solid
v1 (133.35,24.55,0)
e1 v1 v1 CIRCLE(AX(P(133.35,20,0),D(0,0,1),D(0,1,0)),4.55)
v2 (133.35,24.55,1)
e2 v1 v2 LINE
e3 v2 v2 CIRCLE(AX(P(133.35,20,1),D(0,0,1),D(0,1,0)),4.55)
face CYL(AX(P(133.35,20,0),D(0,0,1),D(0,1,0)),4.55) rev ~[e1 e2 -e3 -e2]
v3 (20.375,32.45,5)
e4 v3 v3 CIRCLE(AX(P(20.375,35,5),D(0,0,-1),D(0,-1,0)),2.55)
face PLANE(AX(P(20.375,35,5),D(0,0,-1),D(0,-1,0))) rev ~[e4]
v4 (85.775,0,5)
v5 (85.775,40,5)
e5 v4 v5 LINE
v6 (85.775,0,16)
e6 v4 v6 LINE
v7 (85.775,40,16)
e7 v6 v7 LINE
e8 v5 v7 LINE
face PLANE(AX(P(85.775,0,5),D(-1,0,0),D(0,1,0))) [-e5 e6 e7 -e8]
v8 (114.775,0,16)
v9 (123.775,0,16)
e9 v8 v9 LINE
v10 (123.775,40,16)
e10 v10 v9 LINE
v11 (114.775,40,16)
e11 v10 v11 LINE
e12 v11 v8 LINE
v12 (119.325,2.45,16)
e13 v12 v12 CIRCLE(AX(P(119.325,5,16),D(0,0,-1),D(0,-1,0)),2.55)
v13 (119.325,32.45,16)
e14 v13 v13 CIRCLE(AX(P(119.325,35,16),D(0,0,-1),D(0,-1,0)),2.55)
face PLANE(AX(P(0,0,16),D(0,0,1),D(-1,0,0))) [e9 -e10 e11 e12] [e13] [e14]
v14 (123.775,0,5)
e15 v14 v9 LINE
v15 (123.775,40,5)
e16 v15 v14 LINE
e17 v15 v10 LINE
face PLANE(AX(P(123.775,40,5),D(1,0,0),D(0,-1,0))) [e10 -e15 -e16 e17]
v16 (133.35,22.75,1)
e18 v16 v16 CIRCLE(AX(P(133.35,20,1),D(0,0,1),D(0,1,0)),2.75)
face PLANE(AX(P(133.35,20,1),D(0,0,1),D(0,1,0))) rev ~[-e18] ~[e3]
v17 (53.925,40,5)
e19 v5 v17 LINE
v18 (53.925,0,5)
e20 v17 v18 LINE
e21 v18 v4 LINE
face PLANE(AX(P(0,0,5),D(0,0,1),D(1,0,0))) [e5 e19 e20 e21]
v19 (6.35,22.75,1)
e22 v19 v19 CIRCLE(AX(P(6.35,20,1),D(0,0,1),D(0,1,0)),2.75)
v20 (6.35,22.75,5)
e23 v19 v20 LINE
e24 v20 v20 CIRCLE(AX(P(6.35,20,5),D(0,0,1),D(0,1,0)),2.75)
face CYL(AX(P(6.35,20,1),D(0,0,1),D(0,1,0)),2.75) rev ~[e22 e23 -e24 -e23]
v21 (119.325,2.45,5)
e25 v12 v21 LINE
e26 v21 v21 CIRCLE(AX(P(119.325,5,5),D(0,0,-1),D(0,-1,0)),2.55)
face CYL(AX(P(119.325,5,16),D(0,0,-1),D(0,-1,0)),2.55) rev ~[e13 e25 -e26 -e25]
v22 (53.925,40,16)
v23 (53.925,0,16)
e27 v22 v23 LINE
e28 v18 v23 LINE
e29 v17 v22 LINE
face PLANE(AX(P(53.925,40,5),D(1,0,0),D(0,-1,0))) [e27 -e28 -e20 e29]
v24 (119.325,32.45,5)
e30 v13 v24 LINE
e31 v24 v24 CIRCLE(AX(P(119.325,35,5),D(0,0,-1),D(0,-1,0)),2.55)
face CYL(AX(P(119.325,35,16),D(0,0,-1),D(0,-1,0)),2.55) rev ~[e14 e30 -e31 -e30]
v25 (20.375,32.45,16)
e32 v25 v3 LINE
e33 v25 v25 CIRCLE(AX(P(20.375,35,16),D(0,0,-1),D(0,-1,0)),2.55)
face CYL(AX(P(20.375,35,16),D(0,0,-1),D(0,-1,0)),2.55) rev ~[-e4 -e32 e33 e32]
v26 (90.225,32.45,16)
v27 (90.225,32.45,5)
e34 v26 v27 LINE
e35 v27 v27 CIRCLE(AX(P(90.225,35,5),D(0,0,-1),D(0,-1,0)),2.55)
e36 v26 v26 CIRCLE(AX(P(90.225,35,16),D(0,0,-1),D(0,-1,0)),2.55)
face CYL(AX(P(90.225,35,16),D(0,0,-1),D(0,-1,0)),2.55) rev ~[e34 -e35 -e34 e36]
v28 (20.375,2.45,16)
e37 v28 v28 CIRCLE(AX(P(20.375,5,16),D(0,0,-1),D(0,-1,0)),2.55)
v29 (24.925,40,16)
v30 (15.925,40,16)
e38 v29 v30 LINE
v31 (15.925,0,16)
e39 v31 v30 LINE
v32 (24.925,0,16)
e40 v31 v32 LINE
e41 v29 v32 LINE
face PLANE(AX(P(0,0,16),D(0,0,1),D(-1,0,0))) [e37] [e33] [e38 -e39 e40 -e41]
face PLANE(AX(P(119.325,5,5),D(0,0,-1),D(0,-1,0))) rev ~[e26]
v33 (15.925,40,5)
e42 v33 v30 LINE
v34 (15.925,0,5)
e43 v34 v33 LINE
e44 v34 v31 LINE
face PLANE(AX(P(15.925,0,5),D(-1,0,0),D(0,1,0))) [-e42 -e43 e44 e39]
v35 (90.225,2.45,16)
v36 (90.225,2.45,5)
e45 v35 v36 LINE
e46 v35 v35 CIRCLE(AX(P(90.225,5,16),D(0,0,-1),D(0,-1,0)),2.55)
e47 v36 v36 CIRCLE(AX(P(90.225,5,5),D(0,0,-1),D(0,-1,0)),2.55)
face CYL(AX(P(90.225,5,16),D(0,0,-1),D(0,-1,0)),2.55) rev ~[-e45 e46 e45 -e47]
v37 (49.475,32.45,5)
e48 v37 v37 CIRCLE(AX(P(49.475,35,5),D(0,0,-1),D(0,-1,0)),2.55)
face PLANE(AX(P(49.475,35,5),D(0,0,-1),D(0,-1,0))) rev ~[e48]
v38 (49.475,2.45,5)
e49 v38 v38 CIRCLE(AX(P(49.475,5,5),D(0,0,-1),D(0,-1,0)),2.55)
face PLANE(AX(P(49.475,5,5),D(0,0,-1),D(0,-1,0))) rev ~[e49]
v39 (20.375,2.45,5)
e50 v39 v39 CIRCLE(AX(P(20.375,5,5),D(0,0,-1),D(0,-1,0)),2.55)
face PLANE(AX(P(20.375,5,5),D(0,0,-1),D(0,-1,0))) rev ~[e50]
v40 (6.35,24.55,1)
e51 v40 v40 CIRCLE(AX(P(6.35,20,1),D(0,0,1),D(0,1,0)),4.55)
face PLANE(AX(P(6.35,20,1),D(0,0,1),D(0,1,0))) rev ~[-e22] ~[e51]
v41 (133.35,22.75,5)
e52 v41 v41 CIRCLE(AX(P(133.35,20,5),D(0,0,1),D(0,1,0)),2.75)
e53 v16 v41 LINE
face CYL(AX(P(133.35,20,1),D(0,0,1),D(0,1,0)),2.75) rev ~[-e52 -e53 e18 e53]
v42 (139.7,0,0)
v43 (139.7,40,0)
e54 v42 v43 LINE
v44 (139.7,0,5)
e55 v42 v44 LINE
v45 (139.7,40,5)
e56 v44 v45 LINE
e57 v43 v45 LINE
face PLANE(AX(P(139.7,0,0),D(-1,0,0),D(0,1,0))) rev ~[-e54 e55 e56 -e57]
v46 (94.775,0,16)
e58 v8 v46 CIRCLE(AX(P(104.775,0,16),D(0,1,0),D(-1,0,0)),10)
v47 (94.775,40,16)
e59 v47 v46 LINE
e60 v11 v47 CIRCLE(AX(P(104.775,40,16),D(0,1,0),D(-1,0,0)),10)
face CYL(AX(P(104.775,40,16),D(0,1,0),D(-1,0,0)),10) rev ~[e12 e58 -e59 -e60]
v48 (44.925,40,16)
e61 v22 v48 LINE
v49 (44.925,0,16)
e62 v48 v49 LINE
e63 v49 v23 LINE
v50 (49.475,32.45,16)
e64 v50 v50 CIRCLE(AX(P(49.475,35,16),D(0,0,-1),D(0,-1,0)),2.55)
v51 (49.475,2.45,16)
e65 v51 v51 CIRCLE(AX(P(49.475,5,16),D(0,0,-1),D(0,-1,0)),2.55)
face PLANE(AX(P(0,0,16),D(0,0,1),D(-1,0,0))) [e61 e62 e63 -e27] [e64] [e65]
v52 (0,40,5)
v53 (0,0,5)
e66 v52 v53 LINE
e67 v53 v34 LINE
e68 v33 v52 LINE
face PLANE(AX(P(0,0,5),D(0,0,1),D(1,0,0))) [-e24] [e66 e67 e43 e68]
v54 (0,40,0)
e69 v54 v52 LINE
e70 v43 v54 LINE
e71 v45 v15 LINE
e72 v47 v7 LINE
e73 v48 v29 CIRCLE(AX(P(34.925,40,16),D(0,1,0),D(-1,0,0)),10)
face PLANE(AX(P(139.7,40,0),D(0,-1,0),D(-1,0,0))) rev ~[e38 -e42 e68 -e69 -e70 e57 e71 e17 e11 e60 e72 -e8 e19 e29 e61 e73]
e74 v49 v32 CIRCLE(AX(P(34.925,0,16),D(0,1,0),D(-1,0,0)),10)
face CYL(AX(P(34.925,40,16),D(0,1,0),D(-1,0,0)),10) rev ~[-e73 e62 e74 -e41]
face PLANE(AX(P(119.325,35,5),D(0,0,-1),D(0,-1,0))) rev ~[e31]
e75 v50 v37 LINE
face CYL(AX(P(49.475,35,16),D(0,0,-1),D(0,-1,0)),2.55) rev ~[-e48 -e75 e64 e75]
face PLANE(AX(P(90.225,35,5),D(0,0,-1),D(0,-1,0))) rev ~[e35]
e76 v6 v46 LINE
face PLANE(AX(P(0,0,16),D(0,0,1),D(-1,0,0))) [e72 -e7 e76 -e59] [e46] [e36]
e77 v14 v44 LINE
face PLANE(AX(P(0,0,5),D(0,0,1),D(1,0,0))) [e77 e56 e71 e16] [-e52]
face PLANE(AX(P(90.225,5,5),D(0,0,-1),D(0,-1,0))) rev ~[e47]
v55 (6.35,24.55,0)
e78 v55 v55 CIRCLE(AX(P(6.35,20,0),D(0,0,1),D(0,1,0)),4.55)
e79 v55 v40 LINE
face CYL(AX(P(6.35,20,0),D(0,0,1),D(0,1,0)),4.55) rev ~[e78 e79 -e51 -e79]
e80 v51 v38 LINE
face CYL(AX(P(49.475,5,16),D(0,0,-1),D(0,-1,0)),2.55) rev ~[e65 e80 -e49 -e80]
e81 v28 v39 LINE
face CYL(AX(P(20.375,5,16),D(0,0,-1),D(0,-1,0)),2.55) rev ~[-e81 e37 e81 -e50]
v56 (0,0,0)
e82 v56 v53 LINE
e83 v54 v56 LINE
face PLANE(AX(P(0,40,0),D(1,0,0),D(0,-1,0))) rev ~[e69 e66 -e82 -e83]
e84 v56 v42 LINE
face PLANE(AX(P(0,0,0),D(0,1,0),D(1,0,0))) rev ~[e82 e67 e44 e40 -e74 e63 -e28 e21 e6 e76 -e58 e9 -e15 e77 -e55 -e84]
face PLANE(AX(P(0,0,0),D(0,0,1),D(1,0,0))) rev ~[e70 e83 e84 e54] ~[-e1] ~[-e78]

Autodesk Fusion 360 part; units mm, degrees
sketch "Sketch1" plane through (0, 0, 0) normal (0, 0, 1) x (1, 0, 0)
  line L0 (0, 0) -> (139.7, 0)
  line L1 (139.7, 0) -> (139.7, 40)
  line L2 (139.7, 40) -> (0, 40)
  line L3 (0, 40) -> (0, 0)
  dimension "d1" = 139.7
  dimension "d2" = 40
extrude "Extrude1" add sketch "Sketch1" along normal blind 5
sketch "Sketch2" plane through (0, 0, 0) normal (0, 0, 1) x (1, 0, 0)
  point P0 (6.35, 20)
  point P1 (133.35, 20)
hole "Hole1" at (6.35, 20, 0) at (133.35, 20, 0) direction (0, 0, 1) diameter 5.5 depth 13 tip angle 118 counterbore diameter 9.1 counterbore depth 1
sketch "Sketch7" plane through (0, 0, 5) normal (0, 0, 1) x (-1, 0, 0)
  circle A0 centre (-6.35, -20) radius 2.75
  circle A1 centre (-133.35, -20) radius 2.75
  line L0 (0, -40) -> (0, 0)
  line L1 (0, 0) -> (-139.7, 0)
  line L2 (-139.7, 0) -> (-139.7, -40)
  line L3 (-139.7, -40) -> (0, -40)
  line L4 (-85.775, -40) -> (-123.775, -40)
  line L5 (-123.775, -40) -> (-123.775, 0)
  line L6 (-123.775, 0) -> (-85.775, 0)
  line L7 (-85.775, 0) -> (-85.775, -40)
  line L8 (-85.775, -40) -> (-123.775, 0) construction
  line L9 (-123.775, -40) -> (-85.775, 0) construction
  line L10 (-15.925, -40) -> (-53.925, -40)
  line L11 (-53.925, -40) -> (-53.925, 0)
  line L12 (-53.925, 0) -> (-15.925, 0)
  line L13 (-15.925, 0) -> (-15.925, -40)
  line L14 (-15.925, -40) -> (-53.925, 0) construction
  line L15 (-53.925, -40) -> (-15.925, 0) construction
  point P0 (-104.775, -20)
  point P1 (-34.925, -20)
  point P2 (-104.775, -20)
  point P3 (-34.925, -20)
  dimension "d25" = 38
  dimension "d26" = 40
  dimension "d27" = 38
  dimension "d28" = 40
extrude "Extrude4" add sketch "Sketch7" along normal blind 11 contours L1 L3 L10 L11 L12 L13 | L1 L3 L4 L5 L6 L7
sketch "Sketch8" plane through (0, 40, 0) normal (0, 1, 0) x (-1, 0, 0)
  line L0 (-139.7, 0) -> (0, 0)
  line L1 (0, 0) -> (0, 5)
  line L2 (0, 5) -> (-15.925, 5)
  line L3 (-15.925, 5) -> (-15.925, 16)
  line L4 (-15.925, 16) -> (-53.925, 16)
  line L5 (-53.925, 16) -> (-53.925, 5)
  line L6 (-53.925, 5) -> (-85.775, 5)
  line L7 (-85.775, 5) -> (-85.775, 16)
  line L8 (-85.775, 16) -> (-123.775, 16)
  line L9 (-123.775, 16) -> (-123.775, 5)
  line L10 (-123.775, 5) -> (-139.7, 5)
  line L11 (-139.7, 5) -> (-139.7, 0)
  circle A0 centre (-104.775, 16) radius 10
  circle A1 centre (-34.925, 16) radius 10
  point P0 (-104.775, 16)
  point P1 (-34.925, 16)
  dimension "d31" = 20
  dimension "d32" = 20
extrude "Extrude5" cut sketch "Sketch8" against normal blind 400 contours L8 A0 | L4 A1 picked at (-104.876, 11.6935) picked at (-35.1741, 12.676)
sketch "Sketch9" plane through (0, 0, 16) normal (0, 0, 1) x (-1, 0, 0)
  line L0 (-24.925, 0) -> (-24.925, -40)
  line L1 (-24.925, -40) -> (-15.925, -40)
  line L2 (-15.925, -40) -> (-15.925, 0)
  line L3 (-15.925, 0) -> (-24.925, 0)
  point P0 (-20.375, -5)
  point P1 (-20.375, -35)
  point P2 (-49.475, -5)
  point P3 (-49.475, -35)
  point P4 (-90.225, -35)
  point P5 (-90.225, -5)
  point P6 (-119.325, -35)
  point P7 (-119.325, -5)
hole "Hole4" at (20.375, 35, 16) at (20.375, 5, 16) at (49.475, 5, 16) at (49.475, 35, 16) at (90.225, 35, 16) at (90.225, 5, 16) at (119.325, 5, 16) at (119.325, 35, 16) direction (0, 0, -1) diameter 5.1 depth 11 tip angle 180
